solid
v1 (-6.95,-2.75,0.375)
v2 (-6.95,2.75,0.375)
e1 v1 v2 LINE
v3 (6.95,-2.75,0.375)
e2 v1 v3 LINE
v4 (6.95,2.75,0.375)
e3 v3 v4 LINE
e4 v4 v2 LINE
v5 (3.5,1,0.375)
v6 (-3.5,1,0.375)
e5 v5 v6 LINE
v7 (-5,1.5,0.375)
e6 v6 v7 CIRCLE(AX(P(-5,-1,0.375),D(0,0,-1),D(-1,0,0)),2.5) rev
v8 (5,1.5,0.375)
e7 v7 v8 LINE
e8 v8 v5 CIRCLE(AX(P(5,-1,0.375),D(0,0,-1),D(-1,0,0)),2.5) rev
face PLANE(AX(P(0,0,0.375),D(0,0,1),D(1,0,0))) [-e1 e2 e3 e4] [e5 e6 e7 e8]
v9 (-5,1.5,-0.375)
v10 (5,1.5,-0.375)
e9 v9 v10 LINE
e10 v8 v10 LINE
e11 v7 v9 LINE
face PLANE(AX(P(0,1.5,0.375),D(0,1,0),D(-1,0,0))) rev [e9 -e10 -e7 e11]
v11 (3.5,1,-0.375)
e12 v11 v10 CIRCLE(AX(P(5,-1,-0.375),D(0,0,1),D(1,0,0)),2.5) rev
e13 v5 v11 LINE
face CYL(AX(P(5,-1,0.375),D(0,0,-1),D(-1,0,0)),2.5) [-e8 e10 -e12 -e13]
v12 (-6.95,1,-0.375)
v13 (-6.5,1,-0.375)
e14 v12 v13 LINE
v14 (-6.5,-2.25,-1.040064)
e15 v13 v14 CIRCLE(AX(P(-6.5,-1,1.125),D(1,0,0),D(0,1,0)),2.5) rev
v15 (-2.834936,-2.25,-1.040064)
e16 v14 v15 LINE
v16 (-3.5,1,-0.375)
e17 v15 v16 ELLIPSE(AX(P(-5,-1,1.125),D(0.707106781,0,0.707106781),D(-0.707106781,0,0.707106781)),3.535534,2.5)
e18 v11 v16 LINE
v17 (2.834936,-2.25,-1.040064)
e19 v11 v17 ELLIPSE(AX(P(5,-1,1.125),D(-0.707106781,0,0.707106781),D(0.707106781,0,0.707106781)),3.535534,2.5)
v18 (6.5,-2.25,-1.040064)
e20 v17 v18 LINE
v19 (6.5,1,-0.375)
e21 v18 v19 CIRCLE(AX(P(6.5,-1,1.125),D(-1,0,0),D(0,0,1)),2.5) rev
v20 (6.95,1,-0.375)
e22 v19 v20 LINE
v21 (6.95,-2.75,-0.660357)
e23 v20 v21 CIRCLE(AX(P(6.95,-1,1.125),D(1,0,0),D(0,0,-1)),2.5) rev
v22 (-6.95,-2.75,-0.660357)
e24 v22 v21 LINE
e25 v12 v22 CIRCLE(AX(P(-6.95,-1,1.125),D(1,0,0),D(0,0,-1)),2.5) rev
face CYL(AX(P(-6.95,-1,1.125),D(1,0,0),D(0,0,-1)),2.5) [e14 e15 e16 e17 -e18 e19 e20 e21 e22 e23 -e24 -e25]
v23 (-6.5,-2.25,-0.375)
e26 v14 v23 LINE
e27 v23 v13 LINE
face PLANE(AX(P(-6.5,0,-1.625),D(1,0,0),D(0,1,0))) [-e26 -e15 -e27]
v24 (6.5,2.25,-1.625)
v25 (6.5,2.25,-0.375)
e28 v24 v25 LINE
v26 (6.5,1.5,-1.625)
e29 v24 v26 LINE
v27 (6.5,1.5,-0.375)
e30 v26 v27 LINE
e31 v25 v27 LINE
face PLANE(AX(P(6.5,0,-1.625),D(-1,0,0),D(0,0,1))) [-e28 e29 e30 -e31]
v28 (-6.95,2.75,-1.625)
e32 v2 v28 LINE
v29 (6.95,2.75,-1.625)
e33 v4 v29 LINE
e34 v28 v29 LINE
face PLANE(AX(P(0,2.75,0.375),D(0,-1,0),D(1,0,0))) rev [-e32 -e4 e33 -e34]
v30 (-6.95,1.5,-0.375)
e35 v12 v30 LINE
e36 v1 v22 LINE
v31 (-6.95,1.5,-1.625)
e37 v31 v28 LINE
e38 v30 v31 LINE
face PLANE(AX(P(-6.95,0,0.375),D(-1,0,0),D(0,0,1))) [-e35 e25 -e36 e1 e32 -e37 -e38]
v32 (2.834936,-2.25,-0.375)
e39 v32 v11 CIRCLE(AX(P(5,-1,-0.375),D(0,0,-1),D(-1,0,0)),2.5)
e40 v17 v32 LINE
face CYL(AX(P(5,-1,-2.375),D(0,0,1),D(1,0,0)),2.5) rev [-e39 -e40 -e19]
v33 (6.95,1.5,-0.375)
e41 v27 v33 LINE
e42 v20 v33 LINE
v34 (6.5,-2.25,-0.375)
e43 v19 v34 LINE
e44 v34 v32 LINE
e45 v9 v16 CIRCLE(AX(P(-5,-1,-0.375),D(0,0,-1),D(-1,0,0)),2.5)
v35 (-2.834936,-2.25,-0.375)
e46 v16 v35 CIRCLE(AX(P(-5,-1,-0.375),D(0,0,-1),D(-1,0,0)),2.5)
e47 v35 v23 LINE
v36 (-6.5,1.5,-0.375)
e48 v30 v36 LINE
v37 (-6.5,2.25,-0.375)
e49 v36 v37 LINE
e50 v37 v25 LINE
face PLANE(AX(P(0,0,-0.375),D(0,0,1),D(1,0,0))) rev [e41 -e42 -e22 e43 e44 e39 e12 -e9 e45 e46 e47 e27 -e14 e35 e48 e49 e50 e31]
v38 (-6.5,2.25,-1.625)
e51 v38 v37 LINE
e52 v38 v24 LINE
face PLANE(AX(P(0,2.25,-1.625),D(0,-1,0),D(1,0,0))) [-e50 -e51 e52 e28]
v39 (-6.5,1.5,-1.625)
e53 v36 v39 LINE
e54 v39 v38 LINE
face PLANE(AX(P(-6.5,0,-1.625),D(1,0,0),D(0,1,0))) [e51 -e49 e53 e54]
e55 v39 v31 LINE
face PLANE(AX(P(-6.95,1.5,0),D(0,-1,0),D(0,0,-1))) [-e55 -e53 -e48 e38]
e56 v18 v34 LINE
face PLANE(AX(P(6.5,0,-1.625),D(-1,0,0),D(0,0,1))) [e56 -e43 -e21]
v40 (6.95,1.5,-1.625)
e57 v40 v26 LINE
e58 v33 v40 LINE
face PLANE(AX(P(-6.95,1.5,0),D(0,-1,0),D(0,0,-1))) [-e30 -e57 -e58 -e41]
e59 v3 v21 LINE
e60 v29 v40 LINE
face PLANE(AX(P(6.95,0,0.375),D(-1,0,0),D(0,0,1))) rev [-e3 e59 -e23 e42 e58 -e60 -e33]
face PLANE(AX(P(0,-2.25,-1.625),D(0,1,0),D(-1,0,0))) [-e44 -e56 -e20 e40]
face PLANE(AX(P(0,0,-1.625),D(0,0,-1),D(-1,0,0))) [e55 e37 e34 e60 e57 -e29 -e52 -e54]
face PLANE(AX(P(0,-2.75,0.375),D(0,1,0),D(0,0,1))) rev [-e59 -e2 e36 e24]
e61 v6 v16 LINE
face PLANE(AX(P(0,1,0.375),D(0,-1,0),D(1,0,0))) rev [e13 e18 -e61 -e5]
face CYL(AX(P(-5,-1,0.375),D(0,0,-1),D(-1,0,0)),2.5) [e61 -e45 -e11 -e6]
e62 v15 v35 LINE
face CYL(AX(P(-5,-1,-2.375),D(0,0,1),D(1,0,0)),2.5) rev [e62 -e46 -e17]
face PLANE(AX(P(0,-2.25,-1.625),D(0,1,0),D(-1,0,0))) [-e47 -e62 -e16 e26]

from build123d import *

# Parameters (mm, degrees)
SKETCH1_W               = 13
SKETCH1_H               = 4.5
BOSS_EXTRUDE1_DEPTH     = 0.375
BOSS_EXTRUDE2_DEPTH     = 1.25
BOSS_EXTRUDE3_DEPTH     = 2
SKETCH4_W               = 7
SKETCH4_H               = 0.5
CUT_EXTRUDE1_DEPTH      = 3.75
CUT_EXTRUDE2_DEPTH      = 7.95
CUT_EXTRUDE2_DEPTH_BACK = 7.95


with BuildPart() as part:
    # Sketch1 → Boss-Extrude1 (new body, symmetric)
    with BuildSketch(Plane.XY):
        Polygon((6.95, 2.25), (6.95, 2.75), (6.5, 2.75), (-6.5, 2.75), (-6.95, 2.75), (-6.95, 2.25), (-6.95, -2.25), (-6.95, -2.75), (-6.5, -2.75), (6.5, -2.75), (6.95, -2.75), (6.95, -2.25), align=None)
        Rectangle(SKETCH1_W, SKETCH1_H, mode=Mode.SUBTRACT)
        with BuildLine():
            Line((6.5, 1.875), (6.5, 2.25))
            Line((6.5, 2.25), (-6.5, 2.25))
            Line((-6.5, 2.25), (-6.5, 1.875))
            Line((-6.5, 1.875), (-6.5, 1))
            Line((-6.5, 1), (-6.5, -2.25))
            Line((-6.5, -2.25), (-2.834936491, -2.25))
            ThreePointArc((-2.834936491, -2.25), (-2.834936491, 0.25), (-5, 1.5))
            Line((-5, 1.5), (5, 1.5))
            ThreePointArc((5, 1.5), (2.834936491, 0.25), (2.834936491, -2.25))
            Line((2.834936491, -2.25), (6.5, -2.25))
            Line((6.5, -2.25), (6.5, 1))
            Line((6.5, 1), (6.5, 1.875))
        make_face()
        with BuildLine():
            Line((-2.834936491, -2.25), (2.834936491, -2.25))
            ThreePointArc((2.834936491, -2.25), (2.834936491, 0.25), (5, 1.5))
            Line((5, 1.5), (-5, 1.5))
            ThreePointArc((-5, 1.5), (-2.834936491, 0.25), (-2.834936491, -2.25))
        make_face()
    extrude(amount=BOSS_EXTRUDE1_DEPTH, both=True)

    # Sketch2 → Boss-Extrude2 (add)
    with BuildSketch(Plane(origin=(0, 0, -0.375), x_dir=(-1, 0, 0), z_dir=(0, 0, -1))):
        Polygon((-6.95, 2.25), (-6.95, -2.25), (-6.95, -2.75), (-6.5, -2.75), (6.5, -2.75), (6.95, -2.75), (6.95, -2.25), (6.95, 2.25), (6.95, 2.75), (6.5, 2.75), (-6.5, 2.75), (-6.95, 2.75), align=None)
        Polygon((-6.5, 1), (-6.5, 1.875), (-6.5, 2.25), (6.5, 2.25), (6.5, 1.875), (6.5, 1), (6.5, -2.25), (2.834936491, -2.25), (-2.834936491, -2.25), (-6.5, -2.25), align=None, mode=Mode.SUBTRACT)
    extrude(amount=BOSS_EXTRUDE2_DEPTH)

    # Sketch3 → Boss-Extrude3 (add)
    with BuildSketch(Plane(origin=(0, 0, -0.375), x_dir=(-1, 0, 0), z_dir=(0, 0, -1))):
        with BuildLine():
            ThreePointArc((-5, 1.5), (-2.834936491, 0.25), (-2.834936491, -2.25))
            Line((-2.834936491, -2.25), (2.834936491, -2.25))
            ThreePointArc((2.834936491, -2.25), (2.834936491, 0.25), (5, 1.5))
            Line((5, 1.5), (-5, 1.5))
        make_face()
    extrude(amount=BOSS_EXTRUDE3_DEPTH)

    # Sketch4 → Cut-Extrude1 (cut, through all)
    with BuildSketch(Plane(origin=(0, 0, -2.375), x_dir=(-1, 0, 0), z_dir=(0, 0, -1))):
        with Locations((0, 1.25)):
            Rectangle(SKETCH4_W, SKETCH4_H)
        with BuildLine():
            Line((3.5, 1.5), (3.5, 1))
            ThreePointArc((3.5, 1), (4.209430585, 1.371708245), (5, 1.5))
            Line((5, 1.5), (3.5, 1.5))
        make_face()
        with BuildLine():
            ThreePointArc((-5, 1.5), (-4.209430585, 1.371708245), (-3.5, 1))
            Line((-3.5, 1), (-3.5, 1.5))
            Line((-3.5, 1.5), (-5, 1.5))
        make_face()
    extrude(amount=-CUT_EXTRUDE1_DEPTH, mode=Mode.SUBTRACT)

    # Sketch5 → Cut-Extrude2 (cut, two sides)
    with BuildSketch(Plane(origin=(0, 0, 0), x_dir=(0, 0, -1), z_dir=(1, 0, 0))) as cut_extrude2_sk:
        with BuildLine():
            Line((3.875, 1.5), (0.375, 1.5))
            Line((0.375, 1.5), (0.375, 1))
            ThreePointArc((0.375, 1), (1.246708245, -1.790569415), (-1.125, -3.5))
            Line((-1.125, -3.5), (3.875, -3.5))
            Line((3.875, -3.5), (3.875, 1.5))
        make_face()
    extrude(amount=CUT_EXTRUDE2_DEPTH, mode=Mode.SUBTRACT)
    extrude(cut_extrude2_sk.sketch, amount=-CUT_EXTRUDE2_DEPTH_BACK, mode=Mode.SUBTRACT)


solid = part.part
